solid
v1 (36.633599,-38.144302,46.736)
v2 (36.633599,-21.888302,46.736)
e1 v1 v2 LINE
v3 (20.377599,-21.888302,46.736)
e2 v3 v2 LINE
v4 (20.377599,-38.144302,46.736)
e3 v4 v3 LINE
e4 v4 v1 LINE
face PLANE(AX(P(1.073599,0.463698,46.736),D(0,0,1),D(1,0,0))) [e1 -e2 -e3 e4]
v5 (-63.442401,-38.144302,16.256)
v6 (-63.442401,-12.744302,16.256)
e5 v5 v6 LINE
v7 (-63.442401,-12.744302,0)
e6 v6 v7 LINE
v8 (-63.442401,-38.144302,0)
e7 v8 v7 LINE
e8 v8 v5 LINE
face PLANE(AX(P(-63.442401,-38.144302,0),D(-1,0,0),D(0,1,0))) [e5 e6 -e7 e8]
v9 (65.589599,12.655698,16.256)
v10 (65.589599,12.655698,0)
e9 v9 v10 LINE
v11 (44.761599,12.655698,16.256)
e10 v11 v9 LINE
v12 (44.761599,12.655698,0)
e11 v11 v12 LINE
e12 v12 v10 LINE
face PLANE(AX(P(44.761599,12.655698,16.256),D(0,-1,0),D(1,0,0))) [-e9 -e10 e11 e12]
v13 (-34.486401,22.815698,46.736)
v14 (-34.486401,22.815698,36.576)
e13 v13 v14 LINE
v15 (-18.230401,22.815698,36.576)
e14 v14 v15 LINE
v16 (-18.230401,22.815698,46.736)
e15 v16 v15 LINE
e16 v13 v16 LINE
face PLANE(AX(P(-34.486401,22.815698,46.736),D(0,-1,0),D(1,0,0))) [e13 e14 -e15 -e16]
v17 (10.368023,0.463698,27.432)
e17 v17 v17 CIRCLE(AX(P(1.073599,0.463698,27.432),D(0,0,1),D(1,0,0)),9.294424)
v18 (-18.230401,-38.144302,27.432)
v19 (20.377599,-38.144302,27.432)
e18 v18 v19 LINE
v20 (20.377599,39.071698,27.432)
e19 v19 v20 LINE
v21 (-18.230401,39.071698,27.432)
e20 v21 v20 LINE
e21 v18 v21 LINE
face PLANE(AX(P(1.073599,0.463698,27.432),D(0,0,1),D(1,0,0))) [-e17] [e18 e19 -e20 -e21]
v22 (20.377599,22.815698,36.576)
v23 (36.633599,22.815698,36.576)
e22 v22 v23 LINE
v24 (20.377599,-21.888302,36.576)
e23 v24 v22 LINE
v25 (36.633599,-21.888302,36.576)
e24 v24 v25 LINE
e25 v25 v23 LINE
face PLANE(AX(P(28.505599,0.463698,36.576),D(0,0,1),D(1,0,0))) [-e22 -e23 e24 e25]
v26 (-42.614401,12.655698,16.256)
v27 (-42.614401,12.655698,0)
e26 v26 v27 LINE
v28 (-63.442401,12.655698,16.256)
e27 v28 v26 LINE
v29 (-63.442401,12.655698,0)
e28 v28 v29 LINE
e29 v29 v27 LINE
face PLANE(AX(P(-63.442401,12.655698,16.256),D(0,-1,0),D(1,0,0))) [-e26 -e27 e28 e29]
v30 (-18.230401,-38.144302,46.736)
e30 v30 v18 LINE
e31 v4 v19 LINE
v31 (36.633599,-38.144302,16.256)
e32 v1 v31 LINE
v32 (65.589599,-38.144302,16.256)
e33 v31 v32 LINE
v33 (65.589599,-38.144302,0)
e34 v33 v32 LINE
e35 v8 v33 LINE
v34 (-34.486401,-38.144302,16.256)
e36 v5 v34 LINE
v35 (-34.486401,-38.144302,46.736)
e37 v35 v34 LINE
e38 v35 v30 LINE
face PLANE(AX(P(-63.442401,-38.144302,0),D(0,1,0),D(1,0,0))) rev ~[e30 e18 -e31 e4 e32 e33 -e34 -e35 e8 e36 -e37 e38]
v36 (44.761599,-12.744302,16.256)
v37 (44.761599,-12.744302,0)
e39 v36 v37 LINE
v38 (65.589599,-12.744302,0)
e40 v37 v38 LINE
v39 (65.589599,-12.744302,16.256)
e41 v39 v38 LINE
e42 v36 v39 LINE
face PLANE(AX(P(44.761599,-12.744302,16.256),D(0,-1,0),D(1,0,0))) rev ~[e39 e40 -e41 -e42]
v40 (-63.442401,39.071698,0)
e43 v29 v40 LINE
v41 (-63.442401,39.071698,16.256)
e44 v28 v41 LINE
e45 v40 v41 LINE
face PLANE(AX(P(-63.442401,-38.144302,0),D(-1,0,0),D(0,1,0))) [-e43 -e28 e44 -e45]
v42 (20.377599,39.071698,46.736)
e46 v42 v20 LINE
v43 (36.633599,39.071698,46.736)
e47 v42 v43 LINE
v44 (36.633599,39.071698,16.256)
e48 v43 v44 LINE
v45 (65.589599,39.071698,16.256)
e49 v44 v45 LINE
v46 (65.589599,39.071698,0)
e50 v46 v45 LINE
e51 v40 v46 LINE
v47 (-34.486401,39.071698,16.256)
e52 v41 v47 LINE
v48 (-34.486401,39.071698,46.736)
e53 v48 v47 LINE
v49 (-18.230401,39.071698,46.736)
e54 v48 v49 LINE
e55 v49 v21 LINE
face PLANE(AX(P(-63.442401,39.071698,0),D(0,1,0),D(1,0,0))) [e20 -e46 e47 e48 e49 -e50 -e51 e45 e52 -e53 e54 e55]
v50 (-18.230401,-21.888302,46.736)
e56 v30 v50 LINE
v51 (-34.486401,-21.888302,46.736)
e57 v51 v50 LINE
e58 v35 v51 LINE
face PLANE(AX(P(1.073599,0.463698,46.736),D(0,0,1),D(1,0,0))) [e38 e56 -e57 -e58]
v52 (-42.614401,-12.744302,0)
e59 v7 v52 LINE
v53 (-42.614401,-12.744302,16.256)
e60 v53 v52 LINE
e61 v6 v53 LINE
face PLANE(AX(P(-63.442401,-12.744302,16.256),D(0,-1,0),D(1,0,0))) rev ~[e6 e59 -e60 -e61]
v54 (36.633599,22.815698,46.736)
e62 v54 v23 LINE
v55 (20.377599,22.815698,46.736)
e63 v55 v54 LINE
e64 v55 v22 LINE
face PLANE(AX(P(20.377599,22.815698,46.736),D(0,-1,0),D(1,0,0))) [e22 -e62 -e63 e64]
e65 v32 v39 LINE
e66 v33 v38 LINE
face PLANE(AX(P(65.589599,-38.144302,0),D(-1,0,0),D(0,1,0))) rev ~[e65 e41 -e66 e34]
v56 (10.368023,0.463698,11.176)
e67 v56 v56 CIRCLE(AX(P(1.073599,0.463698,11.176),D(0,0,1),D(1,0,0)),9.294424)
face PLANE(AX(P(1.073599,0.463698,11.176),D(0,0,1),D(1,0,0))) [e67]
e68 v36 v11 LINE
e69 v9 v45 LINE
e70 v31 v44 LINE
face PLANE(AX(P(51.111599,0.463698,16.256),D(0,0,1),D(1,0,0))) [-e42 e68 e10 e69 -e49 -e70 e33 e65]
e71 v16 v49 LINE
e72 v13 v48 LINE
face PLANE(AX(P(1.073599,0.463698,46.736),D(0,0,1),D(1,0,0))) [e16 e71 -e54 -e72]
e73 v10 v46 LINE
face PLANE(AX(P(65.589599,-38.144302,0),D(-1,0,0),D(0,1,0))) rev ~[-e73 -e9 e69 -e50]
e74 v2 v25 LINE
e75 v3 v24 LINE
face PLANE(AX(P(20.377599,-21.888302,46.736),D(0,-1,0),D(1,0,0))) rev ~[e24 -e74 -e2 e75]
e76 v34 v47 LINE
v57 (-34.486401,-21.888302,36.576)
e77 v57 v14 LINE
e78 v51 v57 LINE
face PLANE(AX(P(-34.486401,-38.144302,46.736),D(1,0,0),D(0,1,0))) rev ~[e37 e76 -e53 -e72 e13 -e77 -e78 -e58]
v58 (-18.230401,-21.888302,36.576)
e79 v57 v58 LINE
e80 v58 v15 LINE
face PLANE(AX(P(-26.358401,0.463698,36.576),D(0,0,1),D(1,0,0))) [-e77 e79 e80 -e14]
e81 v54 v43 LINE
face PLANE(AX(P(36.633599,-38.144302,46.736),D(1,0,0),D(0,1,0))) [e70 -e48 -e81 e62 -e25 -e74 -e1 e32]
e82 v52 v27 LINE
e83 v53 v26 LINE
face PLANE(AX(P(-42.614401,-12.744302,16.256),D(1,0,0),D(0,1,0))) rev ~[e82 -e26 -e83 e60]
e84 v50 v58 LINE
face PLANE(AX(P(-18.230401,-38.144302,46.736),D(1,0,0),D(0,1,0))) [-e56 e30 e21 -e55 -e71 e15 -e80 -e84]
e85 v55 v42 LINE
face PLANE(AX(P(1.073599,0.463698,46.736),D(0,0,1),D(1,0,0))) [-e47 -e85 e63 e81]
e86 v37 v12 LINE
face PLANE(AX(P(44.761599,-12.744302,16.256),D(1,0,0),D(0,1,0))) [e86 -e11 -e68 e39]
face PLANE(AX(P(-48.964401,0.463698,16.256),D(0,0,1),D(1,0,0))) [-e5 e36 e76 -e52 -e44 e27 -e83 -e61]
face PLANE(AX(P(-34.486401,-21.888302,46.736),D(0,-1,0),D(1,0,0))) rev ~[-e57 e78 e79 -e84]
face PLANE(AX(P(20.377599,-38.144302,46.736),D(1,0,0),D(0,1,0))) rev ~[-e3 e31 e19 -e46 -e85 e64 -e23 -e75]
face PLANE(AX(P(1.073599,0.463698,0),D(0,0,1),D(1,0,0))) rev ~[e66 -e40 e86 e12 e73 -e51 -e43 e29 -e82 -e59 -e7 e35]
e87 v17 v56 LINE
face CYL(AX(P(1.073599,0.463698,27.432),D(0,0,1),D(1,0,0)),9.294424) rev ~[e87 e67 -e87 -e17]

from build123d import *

# Parameters (mm, degrees)
F0_W      = 129.032
F0_H      = 77.216
F1_DEPTH  = 46.736
F2_W      = 28.956
F2_H      = 77.216
F3_DEPTH  = 30.48
F4_DEPTH  = 30.48
F5_W      = 38.608
F5_H      = 77.216
F6_DEPTH  = 19.304
F7_W      = 16.256
F7_H      = 44.704
F8_DEPTH  = 10.16
F9_W      = 16.256
F9_H      = 44.704
F10_DEPTH = 10.16
F11_W     = 20.828
F11_H     = 25.4
F12_DEPTH = 16.256
F13_W     = 20.828
F13_H     = 25.4
F14_DEPTH = 16.256
F15_R     = 9.294424
F16_DEPTH = 16.256


with BuildPart() as f1:
    # F0 (on Top) → F1 (new body)
    with BuildSketch(Plane.XY):
        with Locations((1.073599, 0.463698)):
            Rectangle(F0_W, F0_H)
    extrude(amount=F1_DEPTH)

    # F2 (on face) → F3 (cut)
    with BuildSketch(Plane.XY.offset(46.736)):
        with Locations((-48.964401, 0.463698)):
            Rectangle(F2_W, F2_H)
    extrude(amount=-F3_DEPTH, mode=Mode.SUBTRACT)

    # F2 (on face) → F4 (cut)
    with BuildSketch(Plane.XY.offset(46.736)):
        with Locations((51.111599, 0.463698)):
            Rectangle(F2_W, F2_H)
    extrude(amount=-F4_DEPTH, mode=Mode.SUBTRACT)

    # F5 (on face) → F6 (cut)
    with BuildSketch(Plane.XY.offset(46.736)):
        with Locations((1.073599, 0.463698)):
            Rectangle(F5_W, F5_H)
    extrude(amount=-F6_DEPTH, mode=Mode.SUBTRACT)

    # F7 (on face) → F8 (cut)
    with BuildSketch(Plane.XY.offset(46.736)):
        with Locations((-26.358401, 0.463698)):
            Rectangle(F7_W, F7_H)
    extrude(amount=-F8_DEPTH, mode=Mode.SUBTRACT)

    # F9 (on face) → F10 (cut)
    with BuildSketch(Plane.XY.offset(46.736)):
        with Locations((28.505599, 0.463698)):
            Rectangle(F9_W, F9_H)
    extrude(amount=-F10_DEPTH, mode=Mode.SUBTRACT)

    # F11 (on face) → F12 (cut)
    with BuildSketch(Plane.XY.offset(16.256)):
        with Locations((55.175599, -0.044302)):
            Rectangle(F11_W, F11_H)
    extrude(amount=-F12_DEPTH, mode=Mode.SUBTRACT)

    # F13 (on face) → F14 (cut)
    with BuildSketch(Plane.XY.offset(16.256)):
        with Locations((-53.028401, -0.044302)):
            Rectangle(F13_W, F13_H)
    extrude(amount=-F14_DEPTH, mode=Mode.SUBTRACT)

    # F15 (on face) → F16 (cut)
    with BuildSketch(Plane.XY.offset(27.432)):
        with Locations((1.073599, 0.463698)):
            Circle(F15_R)
    extrude(amount=-F16_DEPTH, mode=Mode.SUBTRACT)


solid = f1.part
